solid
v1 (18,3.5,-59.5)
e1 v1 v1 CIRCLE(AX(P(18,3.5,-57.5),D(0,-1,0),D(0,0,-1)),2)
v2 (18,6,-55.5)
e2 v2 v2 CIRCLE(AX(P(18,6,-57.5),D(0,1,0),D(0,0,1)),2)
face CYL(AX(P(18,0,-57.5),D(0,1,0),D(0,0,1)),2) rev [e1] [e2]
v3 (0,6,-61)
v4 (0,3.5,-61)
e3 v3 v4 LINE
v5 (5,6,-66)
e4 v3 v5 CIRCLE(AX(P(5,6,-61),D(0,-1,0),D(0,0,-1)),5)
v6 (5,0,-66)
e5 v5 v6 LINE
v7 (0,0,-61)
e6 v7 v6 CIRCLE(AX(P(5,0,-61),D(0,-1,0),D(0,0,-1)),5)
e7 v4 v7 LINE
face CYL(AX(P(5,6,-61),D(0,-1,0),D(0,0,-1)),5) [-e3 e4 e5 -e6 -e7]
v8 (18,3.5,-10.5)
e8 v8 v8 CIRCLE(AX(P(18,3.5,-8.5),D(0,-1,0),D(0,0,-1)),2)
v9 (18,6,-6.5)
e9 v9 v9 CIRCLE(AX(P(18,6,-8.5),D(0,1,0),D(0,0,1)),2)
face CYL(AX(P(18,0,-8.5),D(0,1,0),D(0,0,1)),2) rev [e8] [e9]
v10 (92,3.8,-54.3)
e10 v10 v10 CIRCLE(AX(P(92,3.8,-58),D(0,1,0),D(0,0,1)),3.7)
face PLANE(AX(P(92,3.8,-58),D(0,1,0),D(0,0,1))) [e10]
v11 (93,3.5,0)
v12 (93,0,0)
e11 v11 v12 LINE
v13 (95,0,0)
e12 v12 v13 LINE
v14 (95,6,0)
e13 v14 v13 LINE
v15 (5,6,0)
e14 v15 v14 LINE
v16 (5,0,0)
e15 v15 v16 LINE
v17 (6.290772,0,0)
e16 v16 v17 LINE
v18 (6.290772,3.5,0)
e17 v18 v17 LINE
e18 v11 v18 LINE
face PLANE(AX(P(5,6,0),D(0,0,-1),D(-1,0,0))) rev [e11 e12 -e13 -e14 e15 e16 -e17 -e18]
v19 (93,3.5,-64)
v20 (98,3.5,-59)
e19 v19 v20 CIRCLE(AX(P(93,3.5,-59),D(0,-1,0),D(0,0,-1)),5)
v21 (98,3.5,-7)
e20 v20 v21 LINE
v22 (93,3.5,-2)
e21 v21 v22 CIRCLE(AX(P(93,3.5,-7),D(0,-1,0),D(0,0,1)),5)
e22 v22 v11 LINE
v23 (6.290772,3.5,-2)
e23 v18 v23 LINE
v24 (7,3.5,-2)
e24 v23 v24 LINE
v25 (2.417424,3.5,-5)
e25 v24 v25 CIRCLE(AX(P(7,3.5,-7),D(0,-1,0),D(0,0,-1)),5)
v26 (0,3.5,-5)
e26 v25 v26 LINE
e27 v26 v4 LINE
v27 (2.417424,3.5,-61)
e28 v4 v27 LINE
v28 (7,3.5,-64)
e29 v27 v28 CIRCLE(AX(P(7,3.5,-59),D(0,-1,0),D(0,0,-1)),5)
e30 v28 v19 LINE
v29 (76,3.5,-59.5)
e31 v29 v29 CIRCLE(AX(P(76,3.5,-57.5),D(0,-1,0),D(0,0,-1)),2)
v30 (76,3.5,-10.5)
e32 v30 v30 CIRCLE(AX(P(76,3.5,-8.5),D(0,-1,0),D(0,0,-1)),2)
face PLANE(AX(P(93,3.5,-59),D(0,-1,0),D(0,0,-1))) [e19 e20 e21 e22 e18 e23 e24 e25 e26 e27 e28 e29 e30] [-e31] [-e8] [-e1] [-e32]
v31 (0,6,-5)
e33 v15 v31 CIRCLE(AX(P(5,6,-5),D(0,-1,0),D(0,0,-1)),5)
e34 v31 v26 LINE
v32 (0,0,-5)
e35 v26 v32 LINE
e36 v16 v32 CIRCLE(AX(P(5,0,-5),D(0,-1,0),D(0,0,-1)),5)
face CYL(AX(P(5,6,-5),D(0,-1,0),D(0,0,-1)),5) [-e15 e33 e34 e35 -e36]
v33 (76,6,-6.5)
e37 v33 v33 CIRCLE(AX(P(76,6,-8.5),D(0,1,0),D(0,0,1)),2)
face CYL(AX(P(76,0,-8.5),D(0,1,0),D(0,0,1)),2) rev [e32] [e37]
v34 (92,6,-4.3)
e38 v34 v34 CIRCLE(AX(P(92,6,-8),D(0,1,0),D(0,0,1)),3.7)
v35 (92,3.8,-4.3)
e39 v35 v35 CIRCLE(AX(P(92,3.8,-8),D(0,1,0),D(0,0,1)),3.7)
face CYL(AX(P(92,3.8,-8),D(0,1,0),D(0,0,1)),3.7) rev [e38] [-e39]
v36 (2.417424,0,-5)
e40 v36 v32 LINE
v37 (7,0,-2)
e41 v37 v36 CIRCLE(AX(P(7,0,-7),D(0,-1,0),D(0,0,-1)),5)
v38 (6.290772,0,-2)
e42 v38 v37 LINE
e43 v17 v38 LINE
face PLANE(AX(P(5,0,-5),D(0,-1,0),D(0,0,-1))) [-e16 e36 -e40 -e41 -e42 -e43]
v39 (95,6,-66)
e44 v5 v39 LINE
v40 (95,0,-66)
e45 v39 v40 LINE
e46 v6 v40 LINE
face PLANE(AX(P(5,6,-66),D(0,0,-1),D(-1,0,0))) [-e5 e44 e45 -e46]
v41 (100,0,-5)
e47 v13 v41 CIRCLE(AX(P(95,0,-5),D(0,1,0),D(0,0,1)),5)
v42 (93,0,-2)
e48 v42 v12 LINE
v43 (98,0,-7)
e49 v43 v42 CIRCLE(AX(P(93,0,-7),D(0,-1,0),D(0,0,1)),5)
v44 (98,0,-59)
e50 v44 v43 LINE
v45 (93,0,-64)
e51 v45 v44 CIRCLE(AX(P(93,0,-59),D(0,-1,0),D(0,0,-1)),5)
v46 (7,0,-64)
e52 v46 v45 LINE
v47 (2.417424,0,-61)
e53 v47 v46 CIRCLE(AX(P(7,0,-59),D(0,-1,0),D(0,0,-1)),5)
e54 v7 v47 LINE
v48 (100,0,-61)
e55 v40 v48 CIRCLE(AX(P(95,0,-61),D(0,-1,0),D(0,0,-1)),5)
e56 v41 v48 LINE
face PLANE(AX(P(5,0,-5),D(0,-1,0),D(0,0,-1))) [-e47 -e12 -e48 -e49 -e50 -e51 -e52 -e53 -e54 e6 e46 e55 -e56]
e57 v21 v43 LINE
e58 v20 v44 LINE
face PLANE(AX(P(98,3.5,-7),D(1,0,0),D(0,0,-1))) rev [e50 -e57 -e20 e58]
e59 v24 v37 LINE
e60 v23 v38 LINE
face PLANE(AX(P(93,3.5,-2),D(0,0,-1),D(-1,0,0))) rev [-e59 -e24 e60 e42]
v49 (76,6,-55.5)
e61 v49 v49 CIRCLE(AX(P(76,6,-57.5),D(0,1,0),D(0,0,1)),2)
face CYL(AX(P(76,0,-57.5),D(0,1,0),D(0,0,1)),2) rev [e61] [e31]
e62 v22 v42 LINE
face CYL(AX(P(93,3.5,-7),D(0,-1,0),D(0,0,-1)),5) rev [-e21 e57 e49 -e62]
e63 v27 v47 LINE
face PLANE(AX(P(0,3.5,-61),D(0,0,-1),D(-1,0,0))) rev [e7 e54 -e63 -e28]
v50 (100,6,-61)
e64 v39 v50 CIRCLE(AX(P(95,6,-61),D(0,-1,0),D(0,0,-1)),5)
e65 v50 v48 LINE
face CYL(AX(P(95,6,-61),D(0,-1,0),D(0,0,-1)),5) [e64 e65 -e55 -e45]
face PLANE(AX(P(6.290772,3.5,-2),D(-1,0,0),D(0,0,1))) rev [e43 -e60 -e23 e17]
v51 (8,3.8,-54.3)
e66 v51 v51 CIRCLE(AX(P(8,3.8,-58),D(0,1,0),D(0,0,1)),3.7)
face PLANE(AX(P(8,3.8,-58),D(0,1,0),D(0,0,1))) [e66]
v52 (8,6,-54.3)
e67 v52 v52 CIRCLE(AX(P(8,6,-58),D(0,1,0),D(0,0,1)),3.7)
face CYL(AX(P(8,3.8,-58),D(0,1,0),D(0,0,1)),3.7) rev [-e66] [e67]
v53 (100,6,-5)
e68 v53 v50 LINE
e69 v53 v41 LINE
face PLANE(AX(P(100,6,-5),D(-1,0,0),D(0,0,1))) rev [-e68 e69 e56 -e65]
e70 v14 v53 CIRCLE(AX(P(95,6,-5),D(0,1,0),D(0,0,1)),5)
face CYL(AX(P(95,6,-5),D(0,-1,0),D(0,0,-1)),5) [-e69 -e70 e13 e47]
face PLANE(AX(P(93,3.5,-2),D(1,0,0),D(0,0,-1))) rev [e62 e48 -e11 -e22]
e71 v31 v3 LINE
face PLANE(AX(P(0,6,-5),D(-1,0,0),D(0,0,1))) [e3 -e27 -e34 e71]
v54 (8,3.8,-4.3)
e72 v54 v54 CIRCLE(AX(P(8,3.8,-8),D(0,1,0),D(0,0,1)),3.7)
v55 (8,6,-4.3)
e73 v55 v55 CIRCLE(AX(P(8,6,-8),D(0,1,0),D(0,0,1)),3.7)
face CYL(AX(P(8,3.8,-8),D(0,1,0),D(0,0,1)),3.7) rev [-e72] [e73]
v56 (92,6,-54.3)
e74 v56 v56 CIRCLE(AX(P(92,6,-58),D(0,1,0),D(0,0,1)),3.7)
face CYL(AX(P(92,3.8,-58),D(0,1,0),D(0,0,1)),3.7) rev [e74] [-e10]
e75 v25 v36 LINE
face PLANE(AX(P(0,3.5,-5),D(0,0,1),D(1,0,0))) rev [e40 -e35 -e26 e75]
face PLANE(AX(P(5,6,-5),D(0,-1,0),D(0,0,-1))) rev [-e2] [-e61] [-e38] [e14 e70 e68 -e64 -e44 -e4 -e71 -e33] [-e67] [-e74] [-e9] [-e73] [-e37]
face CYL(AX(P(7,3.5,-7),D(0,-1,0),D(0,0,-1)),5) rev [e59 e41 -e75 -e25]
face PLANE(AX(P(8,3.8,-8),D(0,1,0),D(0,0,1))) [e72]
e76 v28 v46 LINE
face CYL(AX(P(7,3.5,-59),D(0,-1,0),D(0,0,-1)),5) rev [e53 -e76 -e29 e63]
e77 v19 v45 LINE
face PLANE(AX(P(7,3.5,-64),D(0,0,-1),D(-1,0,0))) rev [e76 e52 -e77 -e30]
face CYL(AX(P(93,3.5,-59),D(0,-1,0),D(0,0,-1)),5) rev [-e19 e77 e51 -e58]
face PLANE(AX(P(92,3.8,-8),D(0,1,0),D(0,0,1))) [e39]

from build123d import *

# Parameters (mm, degrees)
BOSS_EXTRUDE2_DEPTH = 6
CUT_EXTRUDE1_DEPTH  = 3.5
SKETCH5_R           = 3.7
CUT_EXTRUDE2_DEPTH  = 2.2
SKETCH6_R           = 2
CUT_EXTRUDE3_DEPTH  = 120.966662036
SKETCH11_W          = 2.417424305
SKETCH11_H          = 56
SKETCH11_W_2        = 86.709228263
SKETCH11_H_2        = 2
CUT_EXTRUDE7_DEPTH  = 3.5


with BuildPart() as part:
    # Sketch1 → Boss-Extrude2 (new body)
    with BuildSketch(Plane(origin=(0, 0, 0), x_dir=(1, 0, 0), z_dir=(0, 1, 0))):
        with BuildLine():
            Line((5, 0), (95, 0))
            ThreePointArc((95, 0), (98.535533906, 1.464466094), (100, 5))
            Line((100, 5), (100, 61))
            ThreePointArc((100, 61), (98.535533906, 64.535533906), (95, 66))
            Line((95, 66), (5, 66))
            ThreePointArc((5, 66), (1.464466094, 64.535533906), (0, 61))
            Line((0, 61), (0, 5))
            ThreePointArc((0, 5), (1.464466094, 1.464466094), (5, 0))
        make_face()
    extrude(amount=BOSS_EXTRUDE2_DEPTH)

    # Sketch2 → Cut-Extrude1 (cut)
    with BuildSketch(Plane.XZ):
        with BuildLine():
            Line((7, -2), (93, -2))
            ThreePointArc((93, -2), (96.535533906, -3.464466094), (98, -7))
            Line((98, -7), (98, -59))
            ThreePointArc((98, -59), (96.535533906, -62.535533906), (93, -64))
            Line((93, -64), (7, -64))
            ThreePointArc((7, -64), (3.464466094, -62.535533906), (2, -59))
            Line((2, -59), (2, -7))
            ThreePointArc((2, -7), (3.464466094, -3.464466094), (7, -2))
        make_face()
    extrude(amount=-CUT_EXTRUDE1_DEPTH, mode=Mode.SUBTRACT)

    # Sketch5 → Cut-Extrude2 (cut)
    with BuildSketch(Plane(origin=(0, 6, 0), x_dir=(1, 0, 0), z_dir=(0, 1, 0))):
        with Locations(Location((8, 58, 0), (0, 0, 270))):
            Circle(SKETCH5_R)
        with Locations(Location((8, 8, 0), (0, 0, 270))):
            Circle(SKETCH5_R)
        with Locations(Location((92, 58, 0), (0, 0, 270))):
            Circle(SKETCH5_R)
        with Locations(Location((92, 8, 0), (0, 0, 270))):
            Circle(SKETCH5_R)
    extrude(amount=-CUT_EXTRUDE2_DEPTH, mode=Mode.SUBTRACT)

    # Sketch6 → Cut-Extrude3 (cut, through all)
    with BuildSketch(Plane(origin=(0, 6, 0), x_dir=(1, 0, 0), z_dir=(0, 1, 0))):
        with Locations(Location((18, 57.5, 0), (0, 0, 270))):
            Circle(SKETCH6_R)
        with Locations(Location((18, 8.5, 0), (0, 0, 270))):
            Circle(SKETCH6_R)
        with Locations(Location((76, 57.5, 0), (0, 0, 270))):
            Circle(SKETCH6_R)
        with Locations(Location((76, 8.5, 0), (0, 0, 270))):
            Circle(SKETCH6_R)
    extrude(amount=-CUT_EXTRUDE3_DEPTH, mode=Mode.SUBTRACT)

    # Sketch11 → Cut-Extrude7 (cut)
    with BuildSketch(Plane(origin=(0, 0, 0), x_dir=(-1, 0, 0), z_dir=(0, -1, 0))):
        with Locations((-1.208712152, 33)):
            Rectangle(SKETCH11_W, SKETCH11_H)
        with Locations((-49.645385869, 1)):
            Rectangle(SKETCH11_W_2, SKETCH11_H_2)
    extrude(amount=-CUT_EXTRUDE7_DEPTH, mode=Mode.SUBTRACT)


solid = part.part
